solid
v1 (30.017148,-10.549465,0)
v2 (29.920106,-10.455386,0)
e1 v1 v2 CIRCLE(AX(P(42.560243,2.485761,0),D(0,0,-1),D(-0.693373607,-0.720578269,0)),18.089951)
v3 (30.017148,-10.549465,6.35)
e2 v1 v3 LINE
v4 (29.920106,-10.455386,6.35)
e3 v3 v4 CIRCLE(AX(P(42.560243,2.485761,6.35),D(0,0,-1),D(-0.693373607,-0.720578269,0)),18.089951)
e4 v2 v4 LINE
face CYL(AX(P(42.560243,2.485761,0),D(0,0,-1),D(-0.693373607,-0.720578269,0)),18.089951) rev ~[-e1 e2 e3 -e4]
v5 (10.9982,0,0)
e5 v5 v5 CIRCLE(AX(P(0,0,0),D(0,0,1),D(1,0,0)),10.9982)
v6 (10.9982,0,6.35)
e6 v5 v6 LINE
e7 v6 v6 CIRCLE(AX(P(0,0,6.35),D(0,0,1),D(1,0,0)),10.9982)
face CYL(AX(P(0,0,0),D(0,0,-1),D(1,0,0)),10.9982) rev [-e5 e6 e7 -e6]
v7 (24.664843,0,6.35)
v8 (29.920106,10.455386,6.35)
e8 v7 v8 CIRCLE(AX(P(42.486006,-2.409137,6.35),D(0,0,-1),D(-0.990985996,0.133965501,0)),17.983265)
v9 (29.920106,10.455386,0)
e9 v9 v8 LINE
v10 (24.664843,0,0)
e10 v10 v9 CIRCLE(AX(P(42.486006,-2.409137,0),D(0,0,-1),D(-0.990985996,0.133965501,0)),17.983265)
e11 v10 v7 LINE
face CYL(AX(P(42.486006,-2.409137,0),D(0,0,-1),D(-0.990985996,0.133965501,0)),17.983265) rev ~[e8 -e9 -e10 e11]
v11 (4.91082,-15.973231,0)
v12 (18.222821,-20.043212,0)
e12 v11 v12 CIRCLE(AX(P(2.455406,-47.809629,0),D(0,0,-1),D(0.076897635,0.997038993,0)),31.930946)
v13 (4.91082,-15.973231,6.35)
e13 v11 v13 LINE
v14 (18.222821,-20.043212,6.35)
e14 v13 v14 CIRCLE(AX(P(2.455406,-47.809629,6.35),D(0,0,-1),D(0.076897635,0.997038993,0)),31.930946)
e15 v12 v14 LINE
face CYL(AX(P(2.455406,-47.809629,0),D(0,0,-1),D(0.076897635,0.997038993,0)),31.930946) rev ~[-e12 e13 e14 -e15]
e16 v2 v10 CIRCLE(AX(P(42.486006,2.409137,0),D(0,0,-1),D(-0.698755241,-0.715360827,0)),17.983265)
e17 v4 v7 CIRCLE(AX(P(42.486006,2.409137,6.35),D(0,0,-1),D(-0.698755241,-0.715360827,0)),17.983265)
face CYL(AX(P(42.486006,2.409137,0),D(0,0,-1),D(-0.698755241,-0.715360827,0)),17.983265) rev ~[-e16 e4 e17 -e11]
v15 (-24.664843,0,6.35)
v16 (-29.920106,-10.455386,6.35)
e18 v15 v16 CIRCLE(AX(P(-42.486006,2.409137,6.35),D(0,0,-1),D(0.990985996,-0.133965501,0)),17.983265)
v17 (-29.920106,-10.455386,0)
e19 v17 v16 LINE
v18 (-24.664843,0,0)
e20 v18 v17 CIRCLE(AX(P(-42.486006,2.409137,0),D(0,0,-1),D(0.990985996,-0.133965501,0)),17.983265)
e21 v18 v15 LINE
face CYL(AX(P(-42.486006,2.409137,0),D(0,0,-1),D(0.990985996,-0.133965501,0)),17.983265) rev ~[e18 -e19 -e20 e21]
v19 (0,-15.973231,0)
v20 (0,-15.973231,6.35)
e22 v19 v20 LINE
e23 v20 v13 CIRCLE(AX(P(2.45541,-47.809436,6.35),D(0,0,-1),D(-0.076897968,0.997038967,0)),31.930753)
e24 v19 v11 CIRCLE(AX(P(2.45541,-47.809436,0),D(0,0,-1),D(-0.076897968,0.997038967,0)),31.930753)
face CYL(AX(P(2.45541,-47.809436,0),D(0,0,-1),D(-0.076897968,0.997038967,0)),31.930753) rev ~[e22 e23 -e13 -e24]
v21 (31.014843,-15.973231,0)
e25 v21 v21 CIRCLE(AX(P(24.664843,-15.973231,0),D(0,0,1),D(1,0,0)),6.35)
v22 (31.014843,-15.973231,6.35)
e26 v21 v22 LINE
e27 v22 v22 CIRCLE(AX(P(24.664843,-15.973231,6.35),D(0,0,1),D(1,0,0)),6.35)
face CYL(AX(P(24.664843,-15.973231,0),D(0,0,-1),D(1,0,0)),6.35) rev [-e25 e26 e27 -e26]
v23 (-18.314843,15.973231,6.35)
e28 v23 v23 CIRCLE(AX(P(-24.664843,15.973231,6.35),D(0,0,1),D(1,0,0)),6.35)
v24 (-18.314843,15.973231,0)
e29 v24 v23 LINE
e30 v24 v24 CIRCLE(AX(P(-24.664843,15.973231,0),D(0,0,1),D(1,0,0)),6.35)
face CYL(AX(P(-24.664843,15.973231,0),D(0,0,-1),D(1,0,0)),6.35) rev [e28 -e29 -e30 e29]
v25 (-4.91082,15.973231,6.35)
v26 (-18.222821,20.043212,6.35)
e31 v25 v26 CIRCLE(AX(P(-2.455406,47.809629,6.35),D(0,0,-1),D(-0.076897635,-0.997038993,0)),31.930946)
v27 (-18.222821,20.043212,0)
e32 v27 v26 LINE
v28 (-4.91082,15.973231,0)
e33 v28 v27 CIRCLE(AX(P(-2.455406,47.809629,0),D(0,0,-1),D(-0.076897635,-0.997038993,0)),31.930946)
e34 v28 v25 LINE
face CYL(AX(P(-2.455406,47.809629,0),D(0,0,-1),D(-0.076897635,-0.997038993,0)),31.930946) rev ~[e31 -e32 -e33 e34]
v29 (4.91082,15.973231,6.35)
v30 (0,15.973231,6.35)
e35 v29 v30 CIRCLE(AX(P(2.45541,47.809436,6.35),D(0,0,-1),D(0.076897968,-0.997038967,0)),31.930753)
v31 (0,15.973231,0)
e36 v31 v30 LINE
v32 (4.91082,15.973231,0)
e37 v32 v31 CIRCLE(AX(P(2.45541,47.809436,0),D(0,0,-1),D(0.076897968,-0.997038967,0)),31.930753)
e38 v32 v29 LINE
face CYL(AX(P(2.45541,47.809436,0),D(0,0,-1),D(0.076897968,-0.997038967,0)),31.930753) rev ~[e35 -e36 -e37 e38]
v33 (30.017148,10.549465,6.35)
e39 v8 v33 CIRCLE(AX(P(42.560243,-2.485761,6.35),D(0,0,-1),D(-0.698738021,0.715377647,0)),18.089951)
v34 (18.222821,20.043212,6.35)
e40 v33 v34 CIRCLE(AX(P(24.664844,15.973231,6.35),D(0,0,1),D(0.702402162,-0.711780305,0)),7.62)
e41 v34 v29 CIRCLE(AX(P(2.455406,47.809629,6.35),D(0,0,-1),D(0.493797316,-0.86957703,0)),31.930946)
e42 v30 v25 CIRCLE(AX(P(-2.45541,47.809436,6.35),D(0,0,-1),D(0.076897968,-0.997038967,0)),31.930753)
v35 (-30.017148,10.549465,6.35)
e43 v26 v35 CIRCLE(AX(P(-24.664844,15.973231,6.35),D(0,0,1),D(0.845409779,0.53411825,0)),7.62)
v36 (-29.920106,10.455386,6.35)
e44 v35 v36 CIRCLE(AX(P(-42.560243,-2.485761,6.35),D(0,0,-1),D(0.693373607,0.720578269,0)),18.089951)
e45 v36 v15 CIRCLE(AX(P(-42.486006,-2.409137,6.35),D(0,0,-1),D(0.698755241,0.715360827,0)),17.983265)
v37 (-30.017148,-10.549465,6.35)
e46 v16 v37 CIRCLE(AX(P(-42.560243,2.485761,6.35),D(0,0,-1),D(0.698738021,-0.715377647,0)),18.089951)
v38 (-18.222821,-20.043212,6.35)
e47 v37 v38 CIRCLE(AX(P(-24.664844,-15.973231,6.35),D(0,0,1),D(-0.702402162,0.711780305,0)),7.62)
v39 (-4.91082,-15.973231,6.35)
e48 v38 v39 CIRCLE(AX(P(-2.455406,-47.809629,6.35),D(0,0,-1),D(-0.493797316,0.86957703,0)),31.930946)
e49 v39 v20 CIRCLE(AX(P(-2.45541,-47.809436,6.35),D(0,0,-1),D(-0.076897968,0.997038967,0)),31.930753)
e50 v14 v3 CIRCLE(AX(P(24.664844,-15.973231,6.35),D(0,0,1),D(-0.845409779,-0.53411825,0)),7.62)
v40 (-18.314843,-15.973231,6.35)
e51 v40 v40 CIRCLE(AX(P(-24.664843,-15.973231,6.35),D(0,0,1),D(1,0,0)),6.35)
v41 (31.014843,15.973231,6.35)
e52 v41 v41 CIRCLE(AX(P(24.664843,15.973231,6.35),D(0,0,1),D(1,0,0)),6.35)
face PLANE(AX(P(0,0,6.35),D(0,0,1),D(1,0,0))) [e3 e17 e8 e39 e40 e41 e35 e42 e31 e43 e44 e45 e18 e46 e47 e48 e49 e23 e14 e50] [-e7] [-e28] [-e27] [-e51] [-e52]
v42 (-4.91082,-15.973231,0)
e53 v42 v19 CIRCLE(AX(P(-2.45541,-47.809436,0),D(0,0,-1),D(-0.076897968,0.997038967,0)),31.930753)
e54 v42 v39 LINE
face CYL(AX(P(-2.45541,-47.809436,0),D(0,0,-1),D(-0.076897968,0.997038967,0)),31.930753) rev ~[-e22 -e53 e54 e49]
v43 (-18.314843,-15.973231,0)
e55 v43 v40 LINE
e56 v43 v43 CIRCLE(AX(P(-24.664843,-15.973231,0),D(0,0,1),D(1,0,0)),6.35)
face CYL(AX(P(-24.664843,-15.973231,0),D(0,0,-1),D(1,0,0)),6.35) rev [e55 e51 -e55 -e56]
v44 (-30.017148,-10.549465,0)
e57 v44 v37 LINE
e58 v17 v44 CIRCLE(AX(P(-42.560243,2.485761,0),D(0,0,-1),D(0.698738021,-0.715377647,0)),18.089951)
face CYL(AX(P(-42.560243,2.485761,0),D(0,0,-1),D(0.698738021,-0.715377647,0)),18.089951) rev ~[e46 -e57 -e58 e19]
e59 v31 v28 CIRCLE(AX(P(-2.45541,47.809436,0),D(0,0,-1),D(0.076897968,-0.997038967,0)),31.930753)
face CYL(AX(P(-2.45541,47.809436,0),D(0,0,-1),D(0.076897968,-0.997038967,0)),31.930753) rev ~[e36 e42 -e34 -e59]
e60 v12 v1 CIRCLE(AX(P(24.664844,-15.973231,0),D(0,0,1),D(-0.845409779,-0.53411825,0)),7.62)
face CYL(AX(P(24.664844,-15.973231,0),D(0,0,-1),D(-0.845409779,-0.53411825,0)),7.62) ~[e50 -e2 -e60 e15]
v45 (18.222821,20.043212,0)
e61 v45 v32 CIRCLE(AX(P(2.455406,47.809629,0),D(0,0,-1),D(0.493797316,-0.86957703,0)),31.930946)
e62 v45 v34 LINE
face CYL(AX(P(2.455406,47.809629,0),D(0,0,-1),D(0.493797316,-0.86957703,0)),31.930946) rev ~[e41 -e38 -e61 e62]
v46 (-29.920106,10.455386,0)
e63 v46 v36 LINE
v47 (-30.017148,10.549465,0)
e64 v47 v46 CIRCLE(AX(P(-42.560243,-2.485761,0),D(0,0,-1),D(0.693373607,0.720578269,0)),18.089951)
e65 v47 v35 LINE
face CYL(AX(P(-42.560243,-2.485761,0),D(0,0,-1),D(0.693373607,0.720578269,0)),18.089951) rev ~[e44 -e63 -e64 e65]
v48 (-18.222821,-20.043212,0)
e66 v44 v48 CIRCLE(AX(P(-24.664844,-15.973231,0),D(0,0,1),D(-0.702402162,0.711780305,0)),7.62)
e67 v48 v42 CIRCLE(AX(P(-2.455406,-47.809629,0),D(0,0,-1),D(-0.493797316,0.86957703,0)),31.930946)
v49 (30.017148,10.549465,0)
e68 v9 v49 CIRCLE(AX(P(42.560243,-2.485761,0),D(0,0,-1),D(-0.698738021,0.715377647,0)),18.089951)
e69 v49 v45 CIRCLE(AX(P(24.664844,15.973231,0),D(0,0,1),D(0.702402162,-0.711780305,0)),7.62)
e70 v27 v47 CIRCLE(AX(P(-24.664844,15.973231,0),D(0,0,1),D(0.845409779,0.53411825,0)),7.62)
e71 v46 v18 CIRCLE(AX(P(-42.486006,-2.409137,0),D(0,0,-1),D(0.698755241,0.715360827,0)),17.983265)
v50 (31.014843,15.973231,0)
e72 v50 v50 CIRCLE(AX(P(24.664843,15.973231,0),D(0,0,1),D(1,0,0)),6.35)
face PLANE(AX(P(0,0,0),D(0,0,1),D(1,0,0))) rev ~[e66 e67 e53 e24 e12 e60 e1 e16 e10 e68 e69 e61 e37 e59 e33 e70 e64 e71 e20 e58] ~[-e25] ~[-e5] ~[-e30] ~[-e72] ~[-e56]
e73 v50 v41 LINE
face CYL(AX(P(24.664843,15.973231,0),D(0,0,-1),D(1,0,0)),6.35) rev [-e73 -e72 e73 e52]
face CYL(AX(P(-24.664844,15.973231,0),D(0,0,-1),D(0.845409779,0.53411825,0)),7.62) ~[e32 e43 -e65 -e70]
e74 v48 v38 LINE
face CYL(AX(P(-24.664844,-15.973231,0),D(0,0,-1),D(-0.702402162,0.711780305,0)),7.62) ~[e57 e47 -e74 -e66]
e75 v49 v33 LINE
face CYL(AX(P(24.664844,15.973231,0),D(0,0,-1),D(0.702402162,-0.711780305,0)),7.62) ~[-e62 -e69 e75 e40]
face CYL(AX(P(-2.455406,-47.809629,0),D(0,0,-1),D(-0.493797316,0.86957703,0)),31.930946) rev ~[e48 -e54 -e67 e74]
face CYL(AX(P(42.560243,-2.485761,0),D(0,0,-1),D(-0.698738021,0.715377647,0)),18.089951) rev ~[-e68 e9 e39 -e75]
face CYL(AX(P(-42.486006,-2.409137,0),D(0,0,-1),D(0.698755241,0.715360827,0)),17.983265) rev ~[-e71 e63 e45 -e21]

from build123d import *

# Parameters (mm, degrees)
F0_R     = 6.35
F0_R_2   = 10.9982
F1_DEPTH = 6.35


with BuildPart() as f1:
    # F0 (on Top) → F1 (new body)
    with BuildSketch(Plane.XY):
        with BuildLine():
            ThreePointArc((-18.222821, -20.043212), (-11.791308, -17.273974), (-4.91082, -15.973231))
            ThreePointArc((-4.91082, -15.973231), (-2.45541, -15.878683), (0, -15.973231))
            ThreePointArc((0, -15.973231), (2.45541, -15.878683), (4.91082, -15.973231))
            ThreePointArc((4.91082, -15.973231), (11.791308, -17.273974), (18.222821, -20.043212))
            ThreePointArc((18.222821, -20.043212), (29.442885, -21.909115), (30.017148, -10.549465))
            ThreePointArc((30.017148, -10.549465), (29.968539, -10.502516), (29.920106, -10.455386))
            ThreePointArc((29.920106, -10.455386), (26.418269, -5.667101), (24.664843, 0))
            ThreePointArc((24.664843, 0), (26.418269, 5.667101), (29.920106, 10.455386))
            ThreePointArc((29.920106, 10.455386), (29.968539, 10.502516), (30.017148, 10.549465))
            ThreePointArc((30.017148, 10.549465), (29.442885, 21.909115), (18.222821, 20.043212))
            ThreePointArc((18.222821, 20.043212), (11.791308, 17.273974), (4.91082, 15.973231))
            ThreePointArc((4.91082, 15.973231), (2.45541, 15.878683), (0, 15.973231))
            ThreePointArc((0, 15.973231), (-2.45541, 15.878683), (-4.91082, 15.973231))
            ThreePointArc((-4.91082, 15.973231), (-11.791308, 17.273974), (-18.222821, 20.043212))
            ThreePointArc((-18.222821, 20.043212), (-29.442885, 21.909115), (-30.017148, 10.549465))
            ThreePointArc((-30.017148, 10.549465), (-29.968539, 10.502516), (-29.920106, 10.455386))
            ThreePointArc((-29.920106, 10.455386), (-26.418269, 5.667101), (-24.664843, 0))
            ThreePointArc((-24.664843, 0), (-26.418269, -5.667101), (-29.920106, -10.455386))
            ThreePointArc((-29.920106, -10.455386), (-29.968539, -10.502516), (-30.017148, -10.549465))
            ThreePointArc((-30.017148, -10.549465), (-29.442885, -21.909115), (-18.222821, -20.043212))
        make_face()
        with Locations((-24.664843, -15.973231)):
            Circle(F0_R, mode=Mode.SUBTRACT)
        with Locations((24.664843, -15.973231)):
            Circle(F0_R, mode=Mode.SUBTRACT)
        Circle(F0_R_2, mode=Mode.SUBTRACT)
        with Locations((-24.664843, 15.973231)):
            Circle(F0_R, mode=Mode.SUBTRACT)
        with Locations((24.664843, 15.973231)):
            Circle(F0_R, mode=Mode.SUBTRACT)
    extrude(amount=F1_DEPTH)


solid = f1.part
